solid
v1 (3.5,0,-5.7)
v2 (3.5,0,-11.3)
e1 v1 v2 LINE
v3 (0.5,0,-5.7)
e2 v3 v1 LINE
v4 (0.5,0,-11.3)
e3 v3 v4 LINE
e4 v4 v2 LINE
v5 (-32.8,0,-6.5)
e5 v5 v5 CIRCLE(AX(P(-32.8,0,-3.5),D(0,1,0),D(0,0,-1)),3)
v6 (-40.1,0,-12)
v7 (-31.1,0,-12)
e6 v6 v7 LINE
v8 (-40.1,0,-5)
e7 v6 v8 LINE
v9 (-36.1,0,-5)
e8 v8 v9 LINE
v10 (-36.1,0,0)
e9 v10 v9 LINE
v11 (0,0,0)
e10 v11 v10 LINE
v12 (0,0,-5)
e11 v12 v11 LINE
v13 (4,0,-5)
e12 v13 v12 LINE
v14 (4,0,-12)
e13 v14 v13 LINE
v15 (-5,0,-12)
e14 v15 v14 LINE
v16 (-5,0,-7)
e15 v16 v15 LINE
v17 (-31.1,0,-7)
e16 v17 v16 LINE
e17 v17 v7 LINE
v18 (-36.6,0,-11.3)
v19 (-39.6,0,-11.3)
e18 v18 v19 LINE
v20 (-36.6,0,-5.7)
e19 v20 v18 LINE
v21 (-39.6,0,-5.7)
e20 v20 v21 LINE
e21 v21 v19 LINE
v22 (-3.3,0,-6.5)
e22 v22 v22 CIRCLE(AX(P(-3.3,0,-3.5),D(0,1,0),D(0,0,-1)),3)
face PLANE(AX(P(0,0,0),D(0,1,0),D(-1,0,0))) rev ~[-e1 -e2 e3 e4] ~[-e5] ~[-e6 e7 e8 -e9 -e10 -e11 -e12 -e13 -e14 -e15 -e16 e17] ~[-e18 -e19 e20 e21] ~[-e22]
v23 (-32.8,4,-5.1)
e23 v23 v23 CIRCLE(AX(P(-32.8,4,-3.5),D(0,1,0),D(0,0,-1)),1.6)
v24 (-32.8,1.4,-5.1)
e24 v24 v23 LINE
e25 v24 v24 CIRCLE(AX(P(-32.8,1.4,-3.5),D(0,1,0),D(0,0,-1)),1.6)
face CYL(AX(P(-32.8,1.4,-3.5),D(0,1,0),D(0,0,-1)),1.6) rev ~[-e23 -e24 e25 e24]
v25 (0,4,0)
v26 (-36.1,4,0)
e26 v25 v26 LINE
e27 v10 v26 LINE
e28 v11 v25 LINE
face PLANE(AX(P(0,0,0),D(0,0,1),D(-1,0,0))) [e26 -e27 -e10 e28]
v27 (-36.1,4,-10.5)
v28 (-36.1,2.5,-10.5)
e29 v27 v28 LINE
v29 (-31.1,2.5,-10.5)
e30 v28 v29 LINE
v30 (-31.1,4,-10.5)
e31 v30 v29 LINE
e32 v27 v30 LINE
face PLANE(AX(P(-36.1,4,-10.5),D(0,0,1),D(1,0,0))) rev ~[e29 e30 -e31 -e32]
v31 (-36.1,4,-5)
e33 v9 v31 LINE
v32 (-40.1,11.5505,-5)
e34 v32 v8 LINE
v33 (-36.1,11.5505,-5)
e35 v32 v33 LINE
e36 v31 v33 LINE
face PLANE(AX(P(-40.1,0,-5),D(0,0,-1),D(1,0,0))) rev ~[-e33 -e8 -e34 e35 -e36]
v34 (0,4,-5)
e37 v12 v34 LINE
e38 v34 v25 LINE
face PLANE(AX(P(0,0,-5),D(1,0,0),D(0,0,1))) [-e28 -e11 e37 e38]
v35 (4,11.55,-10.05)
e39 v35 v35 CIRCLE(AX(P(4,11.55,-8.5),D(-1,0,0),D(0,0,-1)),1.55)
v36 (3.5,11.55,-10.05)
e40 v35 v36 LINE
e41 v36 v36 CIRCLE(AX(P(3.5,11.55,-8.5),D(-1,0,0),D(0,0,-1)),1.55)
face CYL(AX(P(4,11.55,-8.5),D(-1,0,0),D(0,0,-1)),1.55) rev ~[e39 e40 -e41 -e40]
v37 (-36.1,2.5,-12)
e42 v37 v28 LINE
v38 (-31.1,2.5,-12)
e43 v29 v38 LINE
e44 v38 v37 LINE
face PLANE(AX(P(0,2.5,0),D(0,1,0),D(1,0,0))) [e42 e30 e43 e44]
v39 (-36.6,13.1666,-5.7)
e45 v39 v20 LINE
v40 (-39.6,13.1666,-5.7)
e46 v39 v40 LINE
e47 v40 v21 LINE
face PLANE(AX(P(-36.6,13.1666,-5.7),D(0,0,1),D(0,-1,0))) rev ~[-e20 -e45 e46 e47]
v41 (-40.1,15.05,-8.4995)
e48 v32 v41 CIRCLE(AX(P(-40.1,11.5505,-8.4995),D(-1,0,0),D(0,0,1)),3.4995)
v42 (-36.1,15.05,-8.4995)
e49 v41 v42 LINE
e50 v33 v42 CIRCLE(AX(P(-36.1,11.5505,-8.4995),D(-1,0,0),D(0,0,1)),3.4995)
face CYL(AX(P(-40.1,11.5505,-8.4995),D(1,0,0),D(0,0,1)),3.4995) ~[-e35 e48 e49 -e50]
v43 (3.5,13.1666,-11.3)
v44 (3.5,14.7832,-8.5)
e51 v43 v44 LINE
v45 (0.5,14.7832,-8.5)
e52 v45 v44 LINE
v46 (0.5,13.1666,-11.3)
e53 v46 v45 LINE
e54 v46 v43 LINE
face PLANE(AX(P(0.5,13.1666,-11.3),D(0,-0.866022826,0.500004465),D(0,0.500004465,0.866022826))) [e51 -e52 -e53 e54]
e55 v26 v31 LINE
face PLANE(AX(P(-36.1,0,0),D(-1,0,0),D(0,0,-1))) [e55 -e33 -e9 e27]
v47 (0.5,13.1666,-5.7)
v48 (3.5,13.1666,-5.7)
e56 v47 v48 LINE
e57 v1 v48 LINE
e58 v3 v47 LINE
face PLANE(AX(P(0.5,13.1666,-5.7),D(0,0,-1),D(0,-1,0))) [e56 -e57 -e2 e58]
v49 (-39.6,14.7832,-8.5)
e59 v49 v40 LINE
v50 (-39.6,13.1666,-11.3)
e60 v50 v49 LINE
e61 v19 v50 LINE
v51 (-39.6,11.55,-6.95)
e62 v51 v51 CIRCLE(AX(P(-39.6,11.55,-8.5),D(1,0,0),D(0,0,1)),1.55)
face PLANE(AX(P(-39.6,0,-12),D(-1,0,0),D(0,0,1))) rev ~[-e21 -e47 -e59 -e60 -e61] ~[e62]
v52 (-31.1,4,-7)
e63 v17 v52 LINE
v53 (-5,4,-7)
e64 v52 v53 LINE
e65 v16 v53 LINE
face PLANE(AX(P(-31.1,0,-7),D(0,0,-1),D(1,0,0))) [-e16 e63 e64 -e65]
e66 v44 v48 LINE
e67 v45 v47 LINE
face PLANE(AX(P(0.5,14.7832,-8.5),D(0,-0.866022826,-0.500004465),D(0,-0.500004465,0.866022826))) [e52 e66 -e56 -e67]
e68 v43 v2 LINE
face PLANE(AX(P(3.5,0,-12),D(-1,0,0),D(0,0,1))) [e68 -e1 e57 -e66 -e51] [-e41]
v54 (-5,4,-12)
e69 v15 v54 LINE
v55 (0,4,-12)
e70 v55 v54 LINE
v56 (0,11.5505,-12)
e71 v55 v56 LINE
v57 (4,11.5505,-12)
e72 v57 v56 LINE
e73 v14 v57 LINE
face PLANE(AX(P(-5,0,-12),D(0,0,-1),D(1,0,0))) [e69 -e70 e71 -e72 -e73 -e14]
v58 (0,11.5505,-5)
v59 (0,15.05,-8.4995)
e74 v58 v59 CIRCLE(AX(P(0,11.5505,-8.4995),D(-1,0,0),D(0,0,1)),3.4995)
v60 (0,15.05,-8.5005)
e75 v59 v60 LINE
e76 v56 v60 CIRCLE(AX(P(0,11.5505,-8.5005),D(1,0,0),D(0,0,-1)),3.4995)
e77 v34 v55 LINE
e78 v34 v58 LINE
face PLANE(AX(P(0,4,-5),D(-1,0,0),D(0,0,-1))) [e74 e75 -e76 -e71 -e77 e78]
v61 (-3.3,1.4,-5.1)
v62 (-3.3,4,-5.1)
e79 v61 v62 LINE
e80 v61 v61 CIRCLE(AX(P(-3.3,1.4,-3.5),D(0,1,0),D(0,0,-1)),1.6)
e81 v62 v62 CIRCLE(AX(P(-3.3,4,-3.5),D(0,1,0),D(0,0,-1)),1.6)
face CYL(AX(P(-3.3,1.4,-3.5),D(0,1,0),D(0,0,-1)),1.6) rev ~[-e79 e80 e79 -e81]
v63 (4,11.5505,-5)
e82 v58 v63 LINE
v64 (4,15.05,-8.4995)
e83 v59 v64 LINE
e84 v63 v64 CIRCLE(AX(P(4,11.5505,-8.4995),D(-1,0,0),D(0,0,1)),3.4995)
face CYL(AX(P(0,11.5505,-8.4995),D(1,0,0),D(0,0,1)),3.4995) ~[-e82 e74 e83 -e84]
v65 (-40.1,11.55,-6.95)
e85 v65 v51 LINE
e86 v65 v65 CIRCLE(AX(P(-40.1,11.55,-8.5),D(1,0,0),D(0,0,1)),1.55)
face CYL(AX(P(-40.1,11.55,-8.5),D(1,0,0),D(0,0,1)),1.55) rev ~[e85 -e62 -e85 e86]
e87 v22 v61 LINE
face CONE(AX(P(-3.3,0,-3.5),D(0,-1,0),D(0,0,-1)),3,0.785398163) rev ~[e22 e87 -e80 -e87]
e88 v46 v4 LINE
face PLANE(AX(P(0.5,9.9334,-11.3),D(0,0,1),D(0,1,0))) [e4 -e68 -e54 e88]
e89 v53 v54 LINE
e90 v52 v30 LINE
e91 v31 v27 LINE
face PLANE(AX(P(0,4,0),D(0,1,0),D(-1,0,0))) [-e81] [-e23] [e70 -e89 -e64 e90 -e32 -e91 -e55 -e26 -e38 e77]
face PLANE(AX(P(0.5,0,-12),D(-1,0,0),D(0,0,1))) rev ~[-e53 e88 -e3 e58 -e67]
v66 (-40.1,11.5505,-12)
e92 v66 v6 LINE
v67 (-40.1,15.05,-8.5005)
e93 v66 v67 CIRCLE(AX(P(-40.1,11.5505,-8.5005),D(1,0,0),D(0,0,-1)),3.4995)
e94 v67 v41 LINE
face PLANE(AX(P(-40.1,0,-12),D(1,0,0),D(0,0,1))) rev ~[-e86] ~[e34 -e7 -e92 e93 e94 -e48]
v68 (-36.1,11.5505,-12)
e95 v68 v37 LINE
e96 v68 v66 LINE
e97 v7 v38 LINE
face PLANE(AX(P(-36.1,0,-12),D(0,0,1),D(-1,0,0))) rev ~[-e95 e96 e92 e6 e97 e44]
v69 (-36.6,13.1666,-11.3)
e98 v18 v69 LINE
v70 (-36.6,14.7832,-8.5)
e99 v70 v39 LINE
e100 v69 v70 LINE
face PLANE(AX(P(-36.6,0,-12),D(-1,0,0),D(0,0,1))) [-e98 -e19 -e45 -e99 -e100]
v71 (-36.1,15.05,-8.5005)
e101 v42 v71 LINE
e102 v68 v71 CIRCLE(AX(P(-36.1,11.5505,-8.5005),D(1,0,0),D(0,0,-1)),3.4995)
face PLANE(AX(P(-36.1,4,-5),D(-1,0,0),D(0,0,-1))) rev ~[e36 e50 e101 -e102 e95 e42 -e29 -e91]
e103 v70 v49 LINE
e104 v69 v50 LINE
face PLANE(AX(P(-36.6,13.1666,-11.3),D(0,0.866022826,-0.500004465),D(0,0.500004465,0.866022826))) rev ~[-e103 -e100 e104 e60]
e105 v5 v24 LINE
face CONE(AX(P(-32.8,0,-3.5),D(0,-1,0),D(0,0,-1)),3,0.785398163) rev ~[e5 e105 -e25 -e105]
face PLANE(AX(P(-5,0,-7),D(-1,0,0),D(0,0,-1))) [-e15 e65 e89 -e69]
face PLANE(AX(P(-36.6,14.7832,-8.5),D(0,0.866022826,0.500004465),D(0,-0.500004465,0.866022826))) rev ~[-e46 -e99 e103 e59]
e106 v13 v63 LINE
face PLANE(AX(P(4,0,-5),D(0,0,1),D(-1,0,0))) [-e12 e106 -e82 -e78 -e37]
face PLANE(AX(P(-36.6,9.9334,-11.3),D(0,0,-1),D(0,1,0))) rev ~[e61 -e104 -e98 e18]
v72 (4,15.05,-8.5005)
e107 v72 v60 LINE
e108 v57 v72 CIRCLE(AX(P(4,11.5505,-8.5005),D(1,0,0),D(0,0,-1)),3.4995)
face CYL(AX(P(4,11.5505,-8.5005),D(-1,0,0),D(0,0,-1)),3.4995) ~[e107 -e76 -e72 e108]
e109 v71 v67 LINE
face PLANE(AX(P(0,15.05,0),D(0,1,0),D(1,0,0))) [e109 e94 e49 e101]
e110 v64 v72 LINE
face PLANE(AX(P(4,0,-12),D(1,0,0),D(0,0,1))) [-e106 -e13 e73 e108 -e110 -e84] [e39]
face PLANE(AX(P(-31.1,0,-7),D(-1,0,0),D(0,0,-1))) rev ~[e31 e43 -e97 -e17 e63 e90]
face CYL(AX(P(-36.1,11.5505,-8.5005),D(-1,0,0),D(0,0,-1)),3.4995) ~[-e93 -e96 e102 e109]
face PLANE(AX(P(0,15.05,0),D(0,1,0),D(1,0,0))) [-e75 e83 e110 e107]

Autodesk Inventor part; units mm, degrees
ref_plane "YZ Plane" through (0, 0, 0) normal (1, 0, 0) x (0, 1, 0)
ref_plane "XZ Plane" through (0, 0, 0) normal (0, 1, 0) x (-1, 0, 0)
ref_plane "XY Plane" through (0, 0, 0) normal (0, 0, 1) x (1, 0, 0)
sketch "Эскиз1" plane through (0, 0, 0) normal (0, 1, 0) x (-1, 0, 0)
  line L0 (0, 0) -> (36.1, 0)
  line L1 (36.1, 0) -> (36.1, -7)
  line L2 (36.1, -7) -> (0, -7)
  line L3 (0, -7) -> (0, 0)
  line L4 (36.1, -7) -> (31.1, -7)
  line L5 (31.1, -7) -> (31.1, -12)
  line L6 (31.1, -12) -> (36.1, -12)
  line L7 (36.1, -12) -> (36.1, -7)
  line L8 (36.1, -12) -> (40.1, -12)
  line L9 (40.1, -12) -> (40.1, -5)
  line L10 (40.1, -5) -> (36.1, -5)
  line L11 (36.1, -5) -> (36.1, -12)
  line L12 (18.05, 0) -> (18.05, -7) construction
  line L13 (0, -7) -> (5, -7)
  line L14 (5, -7) -> (5, -12)
  line L15 (5, -12) -> (0, -12)
  line L16 (0, -12) -> (0, -7)
  line L17 (0, -12) -> (-4, -12)
  line L18 (-4, -12) -> (-4, -5)
  line L19 (-4, -5) -> (0, -5)
  line L20 (0, -5) -> (0, -12)
  point P0 (31.1, -7)
  point P1 (0, -5)
  point P2 (36.1, -5)
  dimension "d0" = 36.1
  dimension "d1" = 7
  dimension "d12" = 5
  dimension "d13" = 5
  dimension "d14" = 4
  dimension "d15" = 7
extrude "Выдавливание1" add sketch "Эскиз1" along normal blind 4
sketch "Эскиз2" plane through (0, 0, 0) normal (0, -1, 0) x (1, 0, 0)
  line L0 (-36.1, 0) -> (0, 0) construction
  line L1 (-18.05, 0) -> (-18.05, -7) construction
  line L2 (-5, -7) -> (-31.1, -7) construction
  line L3 (-32.8, -3.5) -> (-3.3, -3.5) construction
  point P0 (-35.5, 0)
  point P1 (0, -7)
  point P2 (-35.5, -7)
  point P3 (-18.05, -3.5)
  dimension "d4" = 29.5
hole "Отверстие1" at (-32.8, 0, -3.5) at (-3.3, 0, -3.5) direction (0, 1, 0) diameter 3.2 end through all countersink diameter 6 countersink angle 90
sketch "Эскиз3" plane through (0, 4, 0) normal (0, 1, 0) x (1, 0, 0)
  line L0 (-40.1, 5) -> (-36.1, 5) projected
  line L1 (-36.1, 5) -> (-36.1, 12)
  line L2 (-31.1, 12) -> (-40.1, 12) projected
  line L3 (0, 5) -> (4, 5) projected
  line L4 (0, 5) -> (0, 12)
  line L5 (4, 12) -> (-5, 12) projected
  line L6 (4, 5) -> (4, 12) projected
  line L7 (-40.1, 12) -> (-40.1, 5) projected
  point P0 (0, 0)
extrude "Выдавливание2" add sketch "Эскиз3" along normal blind 11.05
fillet "Сопряжение1" radius 3.5 4 edges at (-38.1, 15.05, -5) (-38.1, 15.05, -12) (2, 15.05, -5) (2, 15.05, -12)
sketch "Эскиз5" plane through (-40.1, 0, -12) normal (-1, 0, 0) x (0, 0, 1)
  arc A0 (7, 11.55) -> (0, 11.55) centre (3.5, 11.55) ccw projected
  arc A1 (7, 11.55) -> (0, 11.55) centre (3.5, 11.55) ccw projected
  point P0 (12, 0)
hole "Отверстие2" at (-40.1, 11.55, -8.5) direction (1, 0, 0) diameter 3.1 depth 3.5
sketch "Эскиз6" plane through (4, 0, -5) normal (1, 0, 0) x (0, 0, -1)
  arc A0 (7, 11.55) -> (0, 11.55) centre (3.5, 11.55) ccw projected
  point P0 (-5, 0)
hole "Отверстие3" at (4, 11.55, -8.5) direction (-1, 0, 0) diameter 3.1 depth 3.5
sketch "Эскиз7" plane through (-40.1, 0, -12) normal (-1, 0, 0) x (0, 0, 1)
  circle A0 centre (3.5, 11.55) radius 1.55 projected
  line L0 (0.7, 13.1666) -> (3.5, 14.7832)
  line L1 (3.5, 14.7832) -> (6.3, 13.1666)
  line L2 (6.3, 13.1666) -> (6.3, 9.9334)
  line L3 (6.3, 9.9334) -> (3.5, 8.3168)
  line L4 (3.5, 8.3168) -> (0.7, 9.9334)
  line L5 (0.7, 9.9334) -> (0.7, 13.1666)
  line L6 (0, 0) -> (0, 11.55) projected
  line L7 (0.7, 9.9334) -> (6.3, 9.9334)
  line L8 (6.3, 9.9334) -> (6.3, 0)
  line L9 (6.3, 0) -> (0.7, 0)
  line L10 (0.7, 0) -> (0.7, 9.9334)
  line L11 (0, 0) -> (7, 0) projected
  point P0 (12, 0)
  point P1 (3.5, 11.55)
  dimension "d33" = 5.6
extrude "Выдавливание3" cut sketch "Эскиз7" along normal blind 3 from surface at -3.5 contours A0 | L0 L1 L2 L7 L5 | L7 L3 L4 | L4 L3 L8 L9 L10
extrude "Выдавливание4" cut sketch "Эскиз7" against normal blind 3 from surface at -40.6 contours A0 | L0 L1 L2 L7 L5 | L7 L3 L4 | L4 L3 L8 L9 L10
sketch "Эскиз8" plane through (0, 4, 0) normal (0, 1, 0) x (1, 0, 0)
  line L0 (-31.1, 7) -> (-31.1, 12) projected
  line L1 (-31.1, 12) -> (-36.1, 12)
  line L2 (-36.1, 12) -> (-36.1, 10.5)
  line L3 (-36.1, 10.5) -> (-31.1, 10.5)
  line L4 (-31.1, 10.5) -> (-31.1, 12)
  line L5 (-36.1, 12) -> (-36.1, 5) projected
  point P0 (0, 0)
  dimension "d38" = 1.5
extrude "Выдавливание5" cut sketch "Эскиз8" against normal blind 1.5
properties part number "Крепление OpenMV"
